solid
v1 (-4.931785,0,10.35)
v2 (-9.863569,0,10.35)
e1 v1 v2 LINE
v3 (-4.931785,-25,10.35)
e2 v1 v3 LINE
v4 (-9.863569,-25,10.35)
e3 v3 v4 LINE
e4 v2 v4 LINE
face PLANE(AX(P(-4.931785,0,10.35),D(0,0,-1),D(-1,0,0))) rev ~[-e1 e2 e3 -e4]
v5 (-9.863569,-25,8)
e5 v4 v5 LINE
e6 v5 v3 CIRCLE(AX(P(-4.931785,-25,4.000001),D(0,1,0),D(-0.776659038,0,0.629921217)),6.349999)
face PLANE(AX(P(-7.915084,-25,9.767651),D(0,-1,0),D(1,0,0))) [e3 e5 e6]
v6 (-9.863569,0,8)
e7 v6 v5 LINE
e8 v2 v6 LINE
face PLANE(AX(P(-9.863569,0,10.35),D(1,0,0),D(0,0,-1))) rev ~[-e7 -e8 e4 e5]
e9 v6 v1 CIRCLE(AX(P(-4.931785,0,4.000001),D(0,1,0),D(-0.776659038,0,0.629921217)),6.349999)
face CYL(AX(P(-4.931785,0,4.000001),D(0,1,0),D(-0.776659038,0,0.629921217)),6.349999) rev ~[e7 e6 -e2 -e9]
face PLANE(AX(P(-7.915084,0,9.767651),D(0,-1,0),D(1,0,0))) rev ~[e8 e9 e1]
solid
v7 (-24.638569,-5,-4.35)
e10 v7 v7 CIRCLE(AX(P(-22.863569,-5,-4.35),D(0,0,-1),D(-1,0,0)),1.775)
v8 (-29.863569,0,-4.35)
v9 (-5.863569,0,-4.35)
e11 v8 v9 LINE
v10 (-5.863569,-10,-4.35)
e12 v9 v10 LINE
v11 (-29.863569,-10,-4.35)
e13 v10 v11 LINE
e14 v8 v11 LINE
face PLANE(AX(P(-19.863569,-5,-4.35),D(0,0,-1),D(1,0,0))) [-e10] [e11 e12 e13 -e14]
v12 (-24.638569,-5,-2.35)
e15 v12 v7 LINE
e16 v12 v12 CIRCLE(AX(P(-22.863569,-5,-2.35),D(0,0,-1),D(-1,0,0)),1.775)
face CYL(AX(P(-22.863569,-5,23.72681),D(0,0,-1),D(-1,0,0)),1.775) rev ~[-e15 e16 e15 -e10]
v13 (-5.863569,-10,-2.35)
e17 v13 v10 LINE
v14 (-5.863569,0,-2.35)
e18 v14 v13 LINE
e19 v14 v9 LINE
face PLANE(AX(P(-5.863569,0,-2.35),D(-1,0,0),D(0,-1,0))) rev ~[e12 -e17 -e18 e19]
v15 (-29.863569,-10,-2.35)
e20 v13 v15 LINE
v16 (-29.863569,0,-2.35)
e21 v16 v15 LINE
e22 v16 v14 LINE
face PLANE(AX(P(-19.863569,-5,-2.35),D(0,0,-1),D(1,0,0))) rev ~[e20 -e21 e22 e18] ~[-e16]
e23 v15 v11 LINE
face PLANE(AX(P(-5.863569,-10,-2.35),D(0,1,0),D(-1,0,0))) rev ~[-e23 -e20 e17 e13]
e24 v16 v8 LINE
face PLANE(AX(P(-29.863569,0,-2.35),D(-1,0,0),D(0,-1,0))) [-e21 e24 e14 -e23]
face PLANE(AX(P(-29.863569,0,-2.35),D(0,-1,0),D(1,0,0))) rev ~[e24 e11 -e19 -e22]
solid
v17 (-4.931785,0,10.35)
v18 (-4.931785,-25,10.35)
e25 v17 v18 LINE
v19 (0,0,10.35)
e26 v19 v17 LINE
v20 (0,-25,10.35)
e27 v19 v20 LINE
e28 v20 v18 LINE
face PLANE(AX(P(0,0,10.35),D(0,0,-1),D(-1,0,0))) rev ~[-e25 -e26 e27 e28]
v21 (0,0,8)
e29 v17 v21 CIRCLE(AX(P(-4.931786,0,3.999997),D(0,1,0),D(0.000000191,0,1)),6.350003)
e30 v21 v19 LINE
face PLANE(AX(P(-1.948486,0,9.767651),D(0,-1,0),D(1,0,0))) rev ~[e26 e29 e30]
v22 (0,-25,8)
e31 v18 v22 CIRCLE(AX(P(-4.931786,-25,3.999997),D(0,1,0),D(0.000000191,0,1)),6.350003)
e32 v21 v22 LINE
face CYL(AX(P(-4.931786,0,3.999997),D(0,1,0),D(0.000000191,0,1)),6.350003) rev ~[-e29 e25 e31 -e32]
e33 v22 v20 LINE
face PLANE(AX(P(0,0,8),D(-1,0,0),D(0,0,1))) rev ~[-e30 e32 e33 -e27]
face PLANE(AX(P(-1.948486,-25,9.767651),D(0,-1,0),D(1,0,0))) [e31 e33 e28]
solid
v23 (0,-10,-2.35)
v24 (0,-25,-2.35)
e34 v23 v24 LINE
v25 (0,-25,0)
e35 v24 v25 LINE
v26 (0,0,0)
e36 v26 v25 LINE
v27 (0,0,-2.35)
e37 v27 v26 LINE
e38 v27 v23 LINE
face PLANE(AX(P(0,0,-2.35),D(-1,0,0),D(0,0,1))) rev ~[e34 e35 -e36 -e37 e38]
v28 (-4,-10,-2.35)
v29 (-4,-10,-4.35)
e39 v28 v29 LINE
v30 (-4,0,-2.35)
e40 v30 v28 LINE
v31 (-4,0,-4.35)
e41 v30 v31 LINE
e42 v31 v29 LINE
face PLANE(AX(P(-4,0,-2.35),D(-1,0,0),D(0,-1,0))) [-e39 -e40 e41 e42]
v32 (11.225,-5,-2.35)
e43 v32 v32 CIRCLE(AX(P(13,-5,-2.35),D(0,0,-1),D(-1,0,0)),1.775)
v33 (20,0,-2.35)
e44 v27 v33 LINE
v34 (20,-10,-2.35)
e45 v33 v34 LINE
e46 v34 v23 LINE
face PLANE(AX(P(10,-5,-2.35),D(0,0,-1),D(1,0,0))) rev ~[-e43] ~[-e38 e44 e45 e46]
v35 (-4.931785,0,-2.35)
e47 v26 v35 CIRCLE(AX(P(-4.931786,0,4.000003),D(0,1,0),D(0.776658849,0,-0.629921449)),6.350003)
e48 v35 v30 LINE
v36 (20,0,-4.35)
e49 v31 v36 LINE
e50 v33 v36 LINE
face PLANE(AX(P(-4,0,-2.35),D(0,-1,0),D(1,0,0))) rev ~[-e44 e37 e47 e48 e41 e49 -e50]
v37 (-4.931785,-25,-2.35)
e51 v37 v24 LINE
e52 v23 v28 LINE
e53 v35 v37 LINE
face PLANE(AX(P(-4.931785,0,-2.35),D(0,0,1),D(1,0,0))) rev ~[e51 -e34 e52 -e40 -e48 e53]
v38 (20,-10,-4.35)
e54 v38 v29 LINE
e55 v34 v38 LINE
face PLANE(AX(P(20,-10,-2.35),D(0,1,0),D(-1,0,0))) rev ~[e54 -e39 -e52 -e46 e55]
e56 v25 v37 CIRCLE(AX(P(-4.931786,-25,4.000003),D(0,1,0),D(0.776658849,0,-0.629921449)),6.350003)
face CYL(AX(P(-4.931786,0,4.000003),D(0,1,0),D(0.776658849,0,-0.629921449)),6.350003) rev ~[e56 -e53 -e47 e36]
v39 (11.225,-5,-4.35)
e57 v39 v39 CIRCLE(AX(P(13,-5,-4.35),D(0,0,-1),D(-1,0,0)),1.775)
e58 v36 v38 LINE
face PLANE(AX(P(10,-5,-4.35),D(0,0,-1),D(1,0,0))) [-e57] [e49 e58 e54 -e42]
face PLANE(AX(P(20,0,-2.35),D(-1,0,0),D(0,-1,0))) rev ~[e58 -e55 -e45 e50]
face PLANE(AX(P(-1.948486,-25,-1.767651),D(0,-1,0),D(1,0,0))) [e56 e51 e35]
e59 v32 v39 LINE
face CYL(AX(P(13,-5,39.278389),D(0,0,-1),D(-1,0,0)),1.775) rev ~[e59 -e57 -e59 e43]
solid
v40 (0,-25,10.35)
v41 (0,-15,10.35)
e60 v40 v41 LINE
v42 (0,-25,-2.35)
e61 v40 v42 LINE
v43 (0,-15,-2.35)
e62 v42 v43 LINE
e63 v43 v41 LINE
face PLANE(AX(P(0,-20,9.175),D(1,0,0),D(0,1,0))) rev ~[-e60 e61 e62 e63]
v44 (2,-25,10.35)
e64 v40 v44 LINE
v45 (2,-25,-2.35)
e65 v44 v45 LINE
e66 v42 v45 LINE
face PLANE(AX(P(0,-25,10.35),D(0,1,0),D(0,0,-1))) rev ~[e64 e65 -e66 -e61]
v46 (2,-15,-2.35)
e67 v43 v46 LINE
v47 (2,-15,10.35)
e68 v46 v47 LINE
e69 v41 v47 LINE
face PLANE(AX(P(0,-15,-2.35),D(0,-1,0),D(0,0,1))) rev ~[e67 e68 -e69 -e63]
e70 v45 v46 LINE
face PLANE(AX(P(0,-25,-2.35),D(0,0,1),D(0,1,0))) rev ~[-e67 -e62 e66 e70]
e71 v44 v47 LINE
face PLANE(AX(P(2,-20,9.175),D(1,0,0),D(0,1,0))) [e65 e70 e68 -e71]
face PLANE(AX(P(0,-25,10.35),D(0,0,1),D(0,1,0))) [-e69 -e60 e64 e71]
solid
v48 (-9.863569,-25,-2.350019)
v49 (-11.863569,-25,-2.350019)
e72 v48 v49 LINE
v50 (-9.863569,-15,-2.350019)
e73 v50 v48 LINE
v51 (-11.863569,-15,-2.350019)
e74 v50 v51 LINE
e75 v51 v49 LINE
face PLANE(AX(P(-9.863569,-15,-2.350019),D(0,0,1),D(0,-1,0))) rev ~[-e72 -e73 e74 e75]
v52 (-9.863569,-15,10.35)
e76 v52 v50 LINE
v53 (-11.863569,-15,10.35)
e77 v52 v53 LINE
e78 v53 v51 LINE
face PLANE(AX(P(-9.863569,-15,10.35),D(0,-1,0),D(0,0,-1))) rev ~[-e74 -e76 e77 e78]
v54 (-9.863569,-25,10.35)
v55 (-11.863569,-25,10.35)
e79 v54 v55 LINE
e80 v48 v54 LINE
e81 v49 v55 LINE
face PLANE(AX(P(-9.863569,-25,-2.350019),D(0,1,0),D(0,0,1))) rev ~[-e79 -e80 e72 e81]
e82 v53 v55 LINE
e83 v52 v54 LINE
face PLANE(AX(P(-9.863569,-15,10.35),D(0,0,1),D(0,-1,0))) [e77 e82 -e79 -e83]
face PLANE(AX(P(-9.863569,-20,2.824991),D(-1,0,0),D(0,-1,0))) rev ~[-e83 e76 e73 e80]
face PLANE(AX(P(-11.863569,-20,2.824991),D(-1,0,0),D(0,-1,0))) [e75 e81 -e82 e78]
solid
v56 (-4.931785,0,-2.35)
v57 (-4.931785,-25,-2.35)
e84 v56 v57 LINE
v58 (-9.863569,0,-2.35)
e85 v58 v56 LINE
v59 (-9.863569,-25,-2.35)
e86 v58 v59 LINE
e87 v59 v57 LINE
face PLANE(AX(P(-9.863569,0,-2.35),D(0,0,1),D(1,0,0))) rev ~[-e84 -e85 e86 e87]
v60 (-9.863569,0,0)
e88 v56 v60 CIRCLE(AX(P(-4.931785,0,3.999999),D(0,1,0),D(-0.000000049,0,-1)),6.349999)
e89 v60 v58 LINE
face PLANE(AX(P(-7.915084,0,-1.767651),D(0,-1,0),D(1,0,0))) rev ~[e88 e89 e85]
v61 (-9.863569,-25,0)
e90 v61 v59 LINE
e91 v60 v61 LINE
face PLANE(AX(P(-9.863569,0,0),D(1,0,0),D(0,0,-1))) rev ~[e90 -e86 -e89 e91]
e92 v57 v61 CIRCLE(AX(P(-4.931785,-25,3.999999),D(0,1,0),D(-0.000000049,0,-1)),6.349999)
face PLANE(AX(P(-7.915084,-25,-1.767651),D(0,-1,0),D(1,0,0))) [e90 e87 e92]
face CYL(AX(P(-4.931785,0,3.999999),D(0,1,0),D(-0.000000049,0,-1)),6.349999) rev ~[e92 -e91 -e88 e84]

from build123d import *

# Parameters (mm, degrees)
F1_DEPTH  = 25
F2_W      = 10
F2_H      = 10.350019
F2_H_2    = 2.35
F3_DEPTH  = 2
F4_W      = 10
F4_H      = 2.35
F4_H_2    = 10.35
F5_DEPTH  = 2
F6_W      = 20
F6_H      = 10
F6_W_2    = 4
F7_DEPTH  = 2
F9_D      = 3.55
F10_W     = 20
F10_H     = 10
F10_W_2   = 4
F11_DEPTH = 2
F13_D     = 3.55


with BuildPart() as f1:
    # F0 (on Front) → F1 (new body)
    with BuildSketch(Plane.XZ):
        with BuildLine():
            Line((-9.863569, 10.35), (-9.863569, 8))
            ThreePointArc((-9.863569, 8), (-7.663314, 9.732473), (-4.931785, 10.35))
            Line((-4.931785, 10.35), (-9.863569, 10.35))
        make_face()
        with BuildLine():
            Line((0, 10.35), (-4.931785, 10.35))
            ThreePointArc((-4.931785, 10.35), (-2.200256, 9.732473), (0, 8))
            Line((0, 8), (0, 10.35))
        make_face()
        with BuildLine():
            ThreePointArc((-4.931785, -2.35), (-7.663314, -1.732473), (-9.863569, 0))
            Line((-9.863569, 0), (-9.863569, -2.35))
            Line((-9.863569, -2.35), (-4.931785, -2.35))
        make_face()
        with BuildLine():
            ThreePointArc((0, 0), (-2.200256, -1.732473), (-4.931785, -2.35))
            Line((-4.931785, -2.35), (0, -2.35))
            Line((0, -2.35), (0, 0))
        make_face()
    extrude(amount=F1_DEPTH)

    # F10 (on face) → F11 (join)
    with BuildSketch(Plane(origin=(0, 0, -2.35), x_dir=(1, 0, 0), z_dir=(0, 0, -1))):
        with Locations((10, 5)):
            Rectangle(F10_W, F10_H)
        with Locations((-2, 5)):
            Rectangle(F10_W_2, F10_H)
    extrude(amount=F11_DEPTH)

    # F13 (through all)
    with Locations(Plane.XY.offset(-2.35)):
        with Locations((13, -5)):
            Hole(F13_D / 2)


with BuildPart() as f3:
    # F2 (on face) → F3 (new body)
    with BuildSketch(Plane(origin=(-9.863569, 0, 0), x_dir=(0, -1, 0), z_dir=(-1, 0, 0))):
        with Locations((20, 2.824991)):
            Rectangle(F2_W, F2_H)
        with Locations((20, 9.175)):
            Rectangle(F2_W, F2_H_2)
    extrude(amount=F3_DEPTH)


with BuildPart() as f5:
    # F4 (on face) → F5 (new body)
    with BuildSketch(Plane.YZ):
        with Locations((-20, 9.175)):
            Rectangle(F4_W, F4_H)
        with Locations((-20, 2.825)):
            Rectangle(F4_W, F4_H_2)
    extrude(amount=F5_DEPTH)


with BuildPart() as f7:
    # F6 (on face) → F7 (new body)
    with BuildSketch(Plane(origin=(0, 0, -2.35), x_dir=(1, 0, 0), z_dir=(0, 0, -1))):
        with Locations((-19.863569, 5)):
            Rectangle(F6_W, F6_H)
        with Locations((-7.863569, 5)):
            Rectangle(F6_W_2, F6_H)
    extrude(amount=F7_DEPTH)

    # F9 (through all)
    with Locations(Plane.XY.offset(-2.35)):
        with Locations((-22.863569, -5)):
            Hole(F9_D / 2)


solid = Compound([f1.part, f3.part, f5.part, f7.part])
